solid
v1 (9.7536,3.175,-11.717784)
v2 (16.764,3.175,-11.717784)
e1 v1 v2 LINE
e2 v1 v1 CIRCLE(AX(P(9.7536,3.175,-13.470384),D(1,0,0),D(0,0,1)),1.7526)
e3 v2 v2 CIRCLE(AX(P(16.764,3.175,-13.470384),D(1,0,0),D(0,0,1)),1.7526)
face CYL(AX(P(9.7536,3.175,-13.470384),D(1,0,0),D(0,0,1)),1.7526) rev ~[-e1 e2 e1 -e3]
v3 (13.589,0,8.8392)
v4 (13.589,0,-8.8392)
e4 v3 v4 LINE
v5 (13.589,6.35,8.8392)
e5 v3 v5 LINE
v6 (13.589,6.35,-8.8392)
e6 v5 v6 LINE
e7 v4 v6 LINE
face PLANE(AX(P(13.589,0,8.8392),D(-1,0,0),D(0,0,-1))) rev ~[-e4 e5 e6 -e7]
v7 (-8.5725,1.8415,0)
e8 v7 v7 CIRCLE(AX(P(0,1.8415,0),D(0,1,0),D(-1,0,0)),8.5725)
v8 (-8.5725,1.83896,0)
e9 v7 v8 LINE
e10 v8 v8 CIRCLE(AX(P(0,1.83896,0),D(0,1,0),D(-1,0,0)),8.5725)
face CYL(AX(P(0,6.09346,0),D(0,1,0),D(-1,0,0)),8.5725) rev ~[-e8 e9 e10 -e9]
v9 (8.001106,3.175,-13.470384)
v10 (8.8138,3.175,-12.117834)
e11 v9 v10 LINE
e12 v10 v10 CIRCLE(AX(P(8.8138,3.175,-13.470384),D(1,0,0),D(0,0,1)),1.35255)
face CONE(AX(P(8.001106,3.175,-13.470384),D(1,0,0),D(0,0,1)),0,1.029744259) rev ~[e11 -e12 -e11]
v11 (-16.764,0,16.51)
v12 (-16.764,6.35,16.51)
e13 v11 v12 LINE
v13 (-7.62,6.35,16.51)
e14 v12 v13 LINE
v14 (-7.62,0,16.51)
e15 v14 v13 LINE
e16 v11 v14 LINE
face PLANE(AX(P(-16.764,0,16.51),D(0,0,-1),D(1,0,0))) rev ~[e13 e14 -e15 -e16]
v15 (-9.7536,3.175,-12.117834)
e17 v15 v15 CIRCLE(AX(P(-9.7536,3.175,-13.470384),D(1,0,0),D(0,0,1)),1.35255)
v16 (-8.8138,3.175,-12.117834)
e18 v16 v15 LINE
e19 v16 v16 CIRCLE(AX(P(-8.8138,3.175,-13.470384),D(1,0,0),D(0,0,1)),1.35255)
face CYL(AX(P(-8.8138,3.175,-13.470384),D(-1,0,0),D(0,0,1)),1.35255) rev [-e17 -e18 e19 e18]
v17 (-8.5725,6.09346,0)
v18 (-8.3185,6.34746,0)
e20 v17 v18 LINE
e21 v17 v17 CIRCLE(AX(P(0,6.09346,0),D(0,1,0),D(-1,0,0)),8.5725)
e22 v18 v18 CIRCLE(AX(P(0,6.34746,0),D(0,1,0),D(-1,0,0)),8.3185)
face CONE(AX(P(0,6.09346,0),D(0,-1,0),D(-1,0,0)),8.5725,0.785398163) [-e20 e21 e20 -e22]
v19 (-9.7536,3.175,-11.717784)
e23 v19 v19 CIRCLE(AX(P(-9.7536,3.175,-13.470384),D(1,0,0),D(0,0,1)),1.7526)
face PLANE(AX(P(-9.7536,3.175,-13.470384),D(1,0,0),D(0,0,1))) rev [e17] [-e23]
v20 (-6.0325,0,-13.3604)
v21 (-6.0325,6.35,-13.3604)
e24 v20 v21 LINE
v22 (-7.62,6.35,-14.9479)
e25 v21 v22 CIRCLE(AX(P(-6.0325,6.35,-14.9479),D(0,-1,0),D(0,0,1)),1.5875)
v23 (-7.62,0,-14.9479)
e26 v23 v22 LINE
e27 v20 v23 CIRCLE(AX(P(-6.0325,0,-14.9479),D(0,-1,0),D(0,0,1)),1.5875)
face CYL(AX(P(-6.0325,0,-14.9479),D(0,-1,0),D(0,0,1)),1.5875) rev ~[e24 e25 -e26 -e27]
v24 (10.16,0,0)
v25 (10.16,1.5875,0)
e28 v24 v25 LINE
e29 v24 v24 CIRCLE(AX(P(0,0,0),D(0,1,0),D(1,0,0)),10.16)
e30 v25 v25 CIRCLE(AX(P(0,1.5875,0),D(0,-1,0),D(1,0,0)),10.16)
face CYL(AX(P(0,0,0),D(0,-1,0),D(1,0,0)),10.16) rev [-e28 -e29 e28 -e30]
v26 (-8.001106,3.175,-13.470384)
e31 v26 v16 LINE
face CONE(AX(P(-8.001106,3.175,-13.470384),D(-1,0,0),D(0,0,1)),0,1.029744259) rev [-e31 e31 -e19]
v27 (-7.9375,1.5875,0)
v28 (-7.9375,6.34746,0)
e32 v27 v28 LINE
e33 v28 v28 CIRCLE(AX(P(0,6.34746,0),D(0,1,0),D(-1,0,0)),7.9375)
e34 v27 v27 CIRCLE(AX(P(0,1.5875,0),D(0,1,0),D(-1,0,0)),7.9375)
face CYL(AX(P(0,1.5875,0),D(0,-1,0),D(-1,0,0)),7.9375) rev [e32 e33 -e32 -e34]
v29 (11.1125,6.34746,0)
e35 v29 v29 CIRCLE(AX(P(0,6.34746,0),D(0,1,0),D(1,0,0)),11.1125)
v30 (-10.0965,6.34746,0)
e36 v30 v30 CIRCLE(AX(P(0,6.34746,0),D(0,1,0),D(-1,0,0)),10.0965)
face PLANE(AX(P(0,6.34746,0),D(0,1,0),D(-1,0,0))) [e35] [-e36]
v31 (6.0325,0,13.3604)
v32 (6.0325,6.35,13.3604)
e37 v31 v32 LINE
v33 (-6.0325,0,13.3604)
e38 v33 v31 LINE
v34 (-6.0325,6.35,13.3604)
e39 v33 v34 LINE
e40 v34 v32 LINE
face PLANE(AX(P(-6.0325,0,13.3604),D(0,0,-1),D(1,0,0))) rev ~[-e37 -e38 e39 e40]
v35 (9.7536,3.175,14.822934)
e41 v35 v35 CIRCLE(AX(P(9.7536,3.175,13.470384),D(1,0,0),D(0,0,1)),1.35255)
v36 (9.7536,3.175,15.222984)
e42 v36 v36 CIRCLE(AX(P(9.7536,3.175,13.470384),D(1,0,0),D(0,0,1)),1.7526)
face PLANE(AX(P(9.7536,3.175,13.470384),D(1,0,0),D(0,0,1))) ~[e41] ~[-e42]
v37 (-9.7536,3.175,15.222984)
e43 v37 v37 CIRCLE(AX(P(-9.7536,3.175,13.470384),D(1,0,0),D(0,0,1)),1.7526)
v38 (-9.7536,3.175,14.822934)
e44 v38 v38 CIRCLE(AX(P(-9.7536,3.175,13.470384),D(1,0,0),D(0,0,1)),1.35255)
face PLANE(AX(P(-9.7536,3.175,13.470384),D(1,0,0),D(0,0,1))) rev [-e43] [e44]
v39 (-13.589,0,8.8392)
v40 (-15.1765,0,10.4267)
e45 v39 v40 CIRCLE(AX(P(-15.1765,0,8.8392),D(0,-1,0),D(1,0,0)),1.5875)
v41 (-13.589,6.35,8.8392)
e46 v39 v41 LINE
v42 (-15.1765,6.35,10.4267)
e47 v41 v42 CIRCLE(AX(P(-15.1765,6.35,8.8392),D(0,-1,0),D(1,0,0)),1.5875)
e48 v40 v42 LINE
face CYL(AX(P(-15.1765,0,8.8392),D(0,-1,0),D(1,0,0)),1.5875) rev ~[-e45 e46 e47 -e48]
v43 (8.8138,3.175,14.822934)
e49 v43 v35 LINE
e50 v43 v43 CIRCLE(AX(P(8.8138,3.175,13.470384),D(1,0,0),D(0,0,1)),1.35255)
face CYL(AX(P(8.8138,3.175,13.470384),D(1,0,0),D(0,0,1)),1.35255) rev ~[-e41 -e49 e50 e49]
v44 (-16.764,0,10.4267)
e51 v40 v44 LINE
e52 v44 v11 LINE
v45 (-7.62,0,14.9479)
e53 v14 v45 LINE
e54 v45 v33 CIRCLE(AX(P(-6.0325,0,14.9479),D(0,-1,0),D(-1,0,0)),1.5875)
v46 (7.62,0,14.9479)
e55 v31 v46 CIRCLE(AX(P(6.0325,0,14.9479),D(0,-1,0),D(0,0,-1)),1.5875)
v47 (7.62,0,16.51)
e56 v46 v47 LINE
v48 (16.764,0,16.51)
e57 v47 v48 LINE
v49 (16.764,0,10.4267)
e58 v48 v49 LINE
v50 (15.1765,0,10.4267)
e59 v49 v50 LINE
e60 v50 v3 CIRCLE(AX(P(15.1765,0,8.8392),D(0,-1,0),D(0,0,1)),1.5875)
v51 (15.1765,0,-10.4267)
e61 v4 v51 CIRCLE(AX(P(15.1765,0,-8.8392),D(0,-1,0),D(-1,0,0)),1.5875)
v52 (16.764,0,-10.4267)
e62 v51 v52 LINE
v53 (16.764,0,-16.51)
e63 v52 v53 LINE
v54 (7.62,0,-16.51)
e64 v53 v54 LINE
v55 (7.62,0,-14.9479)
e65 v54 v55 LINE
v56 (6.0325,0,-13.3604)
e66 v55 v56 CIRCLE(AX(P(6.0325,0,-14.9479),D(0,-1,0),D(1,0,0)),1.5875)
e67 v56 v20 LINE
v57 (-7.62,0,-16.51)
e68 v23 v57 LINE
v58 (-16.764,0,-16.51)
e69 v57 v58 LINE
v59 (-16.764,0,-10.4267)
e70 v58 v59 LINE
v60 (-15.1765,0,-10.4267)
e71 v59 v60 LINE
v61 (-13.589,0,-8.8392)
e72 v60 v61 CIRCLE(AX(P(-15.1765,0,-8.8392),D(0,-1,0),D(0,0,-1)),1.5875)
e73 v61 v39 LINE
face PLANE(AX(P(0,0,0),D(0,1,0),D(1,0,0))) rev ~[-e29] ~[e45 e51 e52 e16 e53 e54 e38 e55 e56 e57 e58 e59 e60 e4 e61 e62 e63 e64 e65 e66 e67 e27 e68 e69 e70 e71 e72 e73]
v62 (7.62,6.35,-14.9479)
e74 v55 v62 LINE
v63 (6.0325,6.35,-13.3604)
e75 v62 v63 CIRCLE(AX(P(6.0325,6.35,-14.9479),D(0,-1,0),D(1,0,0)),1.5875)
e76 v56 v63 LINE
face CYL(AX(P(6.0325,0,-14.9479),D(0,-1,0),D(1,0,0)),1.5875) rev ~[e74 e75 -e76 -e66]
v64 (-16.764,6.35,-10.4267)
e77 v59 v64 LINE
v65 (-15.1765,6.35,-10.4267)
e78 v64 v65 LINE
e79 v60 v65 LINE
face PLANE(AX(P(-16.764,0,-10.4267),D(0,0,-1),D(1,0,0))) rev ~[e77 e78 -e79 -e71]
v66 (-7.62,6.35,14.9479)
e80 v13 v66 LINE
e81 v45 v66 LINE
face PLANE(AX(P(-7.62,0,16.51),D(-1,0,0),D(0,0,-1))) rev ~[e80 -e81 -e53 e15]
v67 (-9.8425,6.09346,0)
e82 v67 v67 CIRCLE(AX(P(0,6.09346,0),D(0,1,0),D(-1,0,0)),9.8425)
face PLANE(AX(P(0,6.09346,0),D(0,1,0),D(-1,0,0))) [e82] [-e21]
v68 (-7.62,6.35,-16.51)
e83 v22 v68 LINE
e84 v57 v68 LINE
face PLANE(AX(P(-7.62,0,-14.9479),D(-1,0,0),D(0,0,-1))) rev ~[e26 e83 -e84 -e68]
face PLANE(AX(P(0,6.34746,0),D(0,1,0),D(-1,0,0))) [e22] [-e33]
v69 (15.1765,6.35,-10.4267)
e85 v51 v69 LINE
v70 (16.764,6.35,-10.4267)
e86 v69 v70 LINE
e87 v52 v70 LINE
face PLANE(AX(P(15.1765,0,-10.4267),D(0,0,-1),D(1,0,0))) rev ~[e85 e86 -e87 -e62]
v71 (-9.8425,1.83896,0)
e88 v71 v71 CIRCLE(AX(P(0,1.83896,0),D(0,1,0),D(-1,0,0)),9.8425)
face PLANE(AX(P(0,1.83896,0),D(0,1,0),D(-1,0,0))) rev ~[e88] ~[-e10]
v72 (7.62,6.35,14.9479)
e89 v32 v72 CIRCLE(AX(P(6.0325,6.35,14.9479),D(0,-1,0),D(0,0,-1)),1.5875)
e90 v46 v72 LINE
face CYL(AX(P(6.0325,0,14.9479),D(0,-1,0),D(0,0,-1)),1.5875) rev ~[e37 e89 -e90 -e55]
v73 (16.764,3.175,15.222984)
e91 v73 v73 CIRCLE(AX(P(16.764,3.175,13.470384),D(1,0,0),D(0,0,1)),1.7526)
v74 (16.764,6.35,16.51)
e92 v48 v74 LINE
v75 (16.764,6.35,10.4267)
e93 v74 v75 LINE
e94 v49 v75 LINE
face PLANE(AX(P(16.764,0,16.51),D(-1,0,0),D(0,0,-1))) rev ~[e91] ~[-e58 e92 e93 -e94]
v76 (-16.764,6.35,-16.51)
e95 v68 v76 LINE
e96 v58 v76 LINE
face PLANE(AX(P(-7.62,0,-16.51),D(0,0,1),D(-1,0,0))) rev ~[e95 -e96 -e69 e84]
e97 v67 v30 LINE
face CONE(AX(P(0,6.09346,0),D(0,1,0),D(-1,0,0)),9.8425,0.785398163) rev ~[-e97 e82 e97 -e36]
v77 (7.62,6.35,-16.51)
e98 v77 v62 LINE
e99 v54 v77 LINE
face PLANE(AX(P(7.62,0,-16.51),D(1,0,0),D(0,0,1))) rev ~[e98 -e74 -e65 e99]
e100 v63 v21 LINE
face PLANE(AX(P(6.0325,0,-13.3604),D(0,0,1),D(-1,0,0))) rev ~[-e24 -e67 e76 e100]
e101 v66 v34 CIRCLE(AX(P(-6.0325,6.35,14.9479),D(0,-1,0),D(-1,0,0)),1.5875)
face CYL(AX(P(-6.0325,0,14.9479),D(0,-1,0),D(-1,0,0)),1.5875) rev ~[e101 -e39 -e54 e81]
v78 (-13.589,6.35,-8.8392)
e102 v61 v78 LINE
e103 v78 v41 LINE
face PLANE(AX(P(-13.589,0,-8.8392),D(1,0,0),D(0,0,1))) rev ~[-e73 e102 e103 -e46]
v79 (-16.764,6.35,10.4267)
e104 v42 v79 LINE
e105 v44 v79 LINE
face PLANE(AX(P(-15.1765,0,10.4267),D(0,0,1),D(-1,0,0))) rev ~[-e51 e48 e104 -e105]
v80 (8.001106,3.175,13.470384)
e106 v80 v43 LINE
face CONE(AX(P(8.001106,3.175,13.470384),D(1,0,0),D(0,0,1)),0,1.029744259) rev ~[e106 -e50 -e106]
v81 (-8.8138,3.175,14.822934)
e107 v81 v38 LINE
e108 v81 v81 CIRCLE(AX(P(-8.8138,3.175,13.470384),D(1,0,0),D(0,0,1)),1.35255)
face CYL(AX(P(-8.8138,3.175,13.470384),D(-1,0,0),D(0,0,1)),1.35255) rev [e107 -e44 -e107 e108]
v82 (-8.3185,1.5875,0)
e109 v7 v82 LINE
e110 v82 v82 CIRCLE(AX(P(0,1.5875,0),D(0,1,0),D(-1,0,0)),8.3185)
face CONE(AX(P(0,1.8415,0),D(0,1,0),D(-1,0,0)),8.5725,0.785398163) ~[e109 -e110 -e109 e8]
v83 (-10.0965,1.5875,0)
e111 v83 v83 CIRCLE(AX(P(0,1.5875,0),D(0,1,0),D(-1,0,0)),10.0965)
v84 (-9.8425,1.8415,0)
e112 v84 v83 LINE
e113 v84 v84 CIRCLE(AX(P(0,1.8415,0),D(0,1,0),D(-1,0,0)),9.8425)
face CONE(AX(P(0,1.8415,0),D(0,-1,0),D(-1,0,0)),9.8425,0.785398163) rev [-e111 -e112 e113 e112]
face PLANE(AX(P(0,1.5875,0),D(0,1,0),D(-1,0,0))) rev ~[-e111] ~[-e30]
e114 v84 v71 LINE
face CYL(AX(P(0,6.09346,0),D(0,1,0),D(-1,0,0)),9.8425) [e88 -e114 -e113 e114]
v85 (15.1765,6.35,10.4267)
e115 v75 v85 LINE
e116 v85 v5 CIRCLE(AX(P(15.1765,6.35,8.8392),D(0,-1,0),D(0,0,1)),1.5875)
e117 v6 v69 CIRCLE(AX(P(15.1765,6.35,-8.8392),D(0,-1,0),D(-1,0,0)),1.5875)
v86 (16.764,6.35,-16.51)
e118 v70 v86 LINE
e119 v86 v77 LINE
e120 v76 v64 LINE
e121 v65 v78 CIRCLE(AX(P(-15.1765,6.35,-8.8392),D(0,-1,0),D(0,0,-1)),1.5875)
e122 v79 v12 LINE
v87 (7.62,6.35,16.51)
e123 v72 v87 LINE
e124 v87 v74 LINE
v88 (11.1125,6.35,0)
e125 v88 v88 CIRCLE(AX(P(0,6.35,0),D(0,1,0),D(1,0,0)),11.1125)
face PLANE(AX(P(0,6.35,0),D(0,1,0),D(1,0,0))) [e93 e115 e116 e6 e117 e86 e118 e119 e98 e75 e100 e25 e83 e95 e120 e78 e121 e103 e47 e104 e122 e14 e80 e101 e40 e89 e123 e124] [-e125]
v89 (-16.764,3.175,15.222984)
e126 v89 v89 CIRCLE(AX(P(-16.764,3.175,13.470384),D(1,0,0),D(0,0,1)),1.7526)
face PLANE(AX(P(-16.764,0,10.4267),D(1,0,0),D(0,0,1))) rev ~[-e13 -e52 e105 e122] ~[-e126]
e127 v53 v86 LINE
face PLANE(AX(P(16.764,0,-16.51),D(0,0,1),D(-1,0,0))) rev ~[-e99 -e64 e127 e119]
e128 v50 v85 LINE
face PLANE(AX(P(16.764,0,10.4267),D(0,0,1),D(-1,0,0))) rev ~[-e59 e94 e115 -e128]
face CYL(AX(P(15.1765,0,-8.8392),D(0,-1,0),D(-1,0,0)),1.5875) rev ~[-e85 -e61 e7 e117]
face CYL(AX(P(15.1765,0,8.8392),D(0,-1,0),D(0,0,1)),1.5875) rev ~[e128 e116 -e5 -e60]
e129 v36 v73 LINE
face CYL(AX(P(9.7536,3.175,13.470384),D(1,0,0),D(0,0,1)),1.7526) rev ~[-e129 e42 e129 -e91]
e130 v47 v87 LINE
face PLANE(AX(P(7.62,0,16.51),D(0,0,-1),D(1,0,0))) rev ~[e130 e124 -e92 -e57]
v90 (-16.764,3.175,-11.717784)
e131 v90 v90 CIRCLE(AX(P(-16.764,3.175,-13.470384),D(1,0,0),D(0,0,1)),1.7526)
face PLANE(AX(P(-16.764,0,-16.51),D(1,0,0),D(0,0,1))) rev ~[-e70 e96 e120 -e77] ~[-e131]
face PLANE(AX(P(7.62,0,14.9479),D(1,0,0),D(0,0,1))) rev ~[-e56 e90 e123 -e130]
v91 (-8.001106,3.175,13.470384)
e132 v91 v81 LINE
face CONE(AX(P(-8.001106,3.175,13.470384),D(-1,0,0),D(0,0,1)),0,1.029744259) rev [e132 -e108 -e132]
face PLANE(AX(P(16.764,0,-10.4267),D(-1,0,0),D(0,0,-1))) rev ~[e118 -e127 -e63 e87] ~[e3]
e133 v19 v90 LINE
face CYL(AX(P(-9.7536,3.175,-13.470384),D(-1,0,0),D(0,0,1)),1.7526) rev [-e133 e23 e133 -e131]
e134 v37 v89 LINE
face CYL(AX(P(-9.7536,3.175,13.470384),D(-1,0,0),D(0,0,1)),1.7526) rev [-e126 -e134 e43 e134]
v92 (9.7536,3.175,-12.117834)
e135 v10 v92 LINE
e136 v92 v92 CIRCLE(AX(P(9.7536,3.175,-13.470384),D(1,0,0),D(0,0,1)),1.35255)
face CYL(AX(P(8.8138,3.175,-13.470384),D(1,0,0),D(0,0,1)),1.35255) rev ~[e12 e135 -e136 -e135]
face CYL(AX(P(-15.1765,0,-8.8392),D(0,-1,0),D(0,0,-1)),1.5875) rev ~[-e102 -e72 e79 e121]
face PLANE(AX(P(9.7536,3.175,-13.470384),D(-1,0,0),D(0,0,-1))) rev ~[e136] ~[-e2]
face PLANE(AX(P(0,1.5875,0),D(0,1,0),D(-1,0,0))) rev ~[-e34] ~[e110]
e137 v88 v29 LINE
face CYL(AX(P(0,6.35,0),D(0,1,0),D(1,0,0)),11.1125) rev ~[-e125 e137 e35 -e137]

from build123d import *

# Parameters (mm, degrees)
SKETCH1_R                      = 10.16
BOSS_EXTRUDE1_DEPTH            = 6.35
SKETCH2_R                      = 11.1125
CUT_EXTRUDE1_DEPTH             = 4.7625
SKETCH3_R                      = 11.1125
SKETCH3_R_2                    = 9.8425
BOSS_EXTRUDE2_DEPTH            = 4.75996
CHAMFER1_SIZE                  = 0.254
SKETCH4_R                      = 8.5725
SKETCH4_R_2                    = 7.9375
BOSS_EXTRUDE3_DEPTH            = 4.75996
CHAMFER2_SIZE                  = 0.254
SKETCH5_R                      = 9.8425
SKETCH5_R_2                    = 8.5725
BOSS_EXTRUDE4_DEPTH            = 4.2545
F_6_32_TAPPED_HOLE1_AT_2_COUNT = 2
F_6_32_TAPPED_HOLE1_AT_2_PITCH = 26.940768363


with BuildPart() as part:
    # Sketch1 → Boss-Extrude1 (new body)
    with BuildSketch(Plane(origin=(0, 0, 0), x_dir=(1, 0, 0), z_dir=(0, 1, 0))):
        with BuildLine():
            Line((-16.764, -16.51), (-7.62, -16.51))
            Line((-7.62, -16.51), (-7.62, -14.9479))
            ThreePointArc((-7.62, -14.9479), (-7.155032015, -13.825367985), (-6.0325, -13.3604))
            Line((-6.0325, -13.3604), (6.0325, -13.3604))
            ThreePointArc((6.0325, -13.3604), (7.155032015, -13.825367985), (7.62, -14.9479))
            Line((7.62, -14.9479), (7.62, -16.51))
            Line((7.62, -16.51), (16.764, -16.51))
            Line((16.764, -16.51), (16.764, -10.4267))
            Line((16.764, -10.4267), (15.1765, -10.4267))
            ThreePointArc((15.1765, -10.4267), (14.053967985, -9.961732015), (13.589, -8.8392))
            Line((13.589, -8.8392), (13.589, 8.8392))
            ThreePointArc((13.589, 8.8392), (14.053967985, 9.961732015), (15.1765, 10.4267))
            Line((15.1765, 10.4267), (16.764, 10.4267))
            Line((16.764, 10.4267), (16.764, 16.51))
            Line((16.764, 16.51), (7.62, 16.51))
            Line((7.62, 16.51), (7.62, 14.9479))
            ThreePointArc((7.62, 14.9479), (7.155032015, 13.825367985), (6.0325, 13.3604))
            Line((6.0325, 13.3604), (-6.0325, 13.3604))
            ThreePointArc((-6.0325, 13.3604), (-7.155032015, 13.825367985), (-7.62, 14.9479))
            Line((-7.62, 14.9479), (-7.62, 16.51))
            Line((-7.62, 16.51), (-16.764, 16.51))
            Line((-16.764, 16.51), (-16.764, 10.4267))
            Line((-16.764, 10.4267), (-15.1765, 10.4267))
            ThreePointArc((-15.1765, 10.4267), (-14.053967985, 9.961732015), (-13.589, 8.8392))
            Line((-13.589, 8.8392), (-13.589, -8.8392))
            ThreePointArc((-13.589, -8.8392), (-14.053967985, -9.961732015), (-15.1765, -10.4267))
            Line((-15.1765, -10.4267), (-16.764, -10.4267))
            Line((-16.764, -10.4267), (-16.764, -16.51))
        make_face()
        Circle(SKETCH1_R, mode=Mode.SUBTRACT)
    extrude(amount=BOSS_EXTRUDE1_DEPTH)

    # Sketch2 → Cut-Extrude1 (cut)
    with BuildSketch(Plane(origin=(0, 6.35, 0), x_dir=(1, 0, 0), z_dir=(0, 1, 0))):
        Circle(SKETCH2_R)
    extrude(amount=-CUT_EXTRUDE1_DEPTH, mode=Mode.SUBTRACT)

    # Sketch3 → Boss-Extrude2 (add)
    with BuildSketch(Plane(origin=(0, 1.5875, 0), x_dir=(-1, 0, 0), z_dir=(0, 1, 0))):
        Circle(SKETCH3_R)
        Circle(SKETCH3_R_2, mode=Mode.SUBTRACT)
    extrude(amount=BOSS_EXTRUDE2_DEPTH)

    # Chamfer1
    chamfer1_edges = [part.edges().sort_by_distance(p)[0] for p in [
        (9.8425, 1.5875, 0),
        (9.8425, 6.34746, 0),
    ]]
    chamfer(chamfer1_edges, length=CHAMFER1_SIZE)



with BuildPart() as body_2:
    # Sketch4 → Boss-Extrude3 (new body)
    with BuildSketch(Plane(origin=(0, 1.5875, 0), x_dir=(-1, 0, 0), z_dir=(0, 1, 0))):
        Circle(SKETCH4_R)
        Circle(SKETCH4_R_2, mode=Mode.SUBTRACT)
    extrude(amount=BOSS_EXTRUDE3_DEPTH)

    # Chamfer2
    chamfer2_edges = [body_2.edges().sort_by_distance(p)[0] for p in [
        (8.5725, 1.5875, 0),
        (8.5725, 6.34746, 0),
    ]]
    chamfer(chamfer2_edges, length=CHAMFER2_SIZE)


with BuildPart() as part_1:
    add(part.part)

    add(body_2.part)  # Boss-Extrude4 merges body 2
    # Sketch5 → Boss-Extrude4 (add)
    with BuildSketch(Plane(origin=(0, 6.09346, 0), x_dir=(-1, 0, 0), z_dir=(0, 1, 0))):
        Circle(SKETCH5_R)
        Circle(SKETCH5_R_2, mode=Mode.SUBTRACT)
    extrude(amount=-BOSS_EXTRUDE4_DEPTH)

    # Sketch8 → #6-32 Tapped Hole1 (revolve, cut)
    with BuildSketch(Plane(origin=(-16.764, 3.175, -13.470384182), x_dir=(0, 0, 1), z_dir=(0, 1, 0))):
        Polygon((0, 0), (0, 8.76289403), (1.35255, 7.9502), (1.35255, 7.0104), (1.7526, 7.0104), (1.7526, 0), align=None)
    f_6_32_tapped_hole1 = revolve(axis=Axis((-23.114, 3.175, -13.470384182), (1, 0, 0)), mode=Mode.SUBTRACT)

    # #6-32 Tapped Hole1 at 2: #6-32 Tapped Hole1 ×2
    with Locations(*[(0, 0, i * F_6_32_TAPPED_HOLE1_AT_2_PITCH) for i in range(1, F_6_32_TAPPED_HOLE1_AT_2_COUNT)]):
        add(f_6_32_tapped_hole1, mode=Mode.SUBTRACT)

    # Mirror1: #6-32 Tapped Hole1 across plane
    add(f_6_32_tapped_hole1.mirror(Plane(origin=(0, 0, 0), x_dir=(0, 0, 1), z_dir=(1, 0, 0))), mode=Mode.SUBTRACT)

    # Mirror1 copy 1 sketch → Mirror1 copy 1 (revolve, cut)
    with BuildSketch(Plane(origin=(16.764, 3.175, 13.470384182), x_dir=(0, 0, 1), z_dir=(0, 1, 0))):
        Polygon((0, 0), (0, -8.76289403), (1.35255, -7.9502), (1.35255, -7.0104), (1.7526, -7.0104), (1.7526, 0), align=None)
    revolve(axis=Axis((23.114, 3.175, 13.470384182), (1, 0, 0)), mode=Mode.SUBTRACT)


solid = part_1.part
